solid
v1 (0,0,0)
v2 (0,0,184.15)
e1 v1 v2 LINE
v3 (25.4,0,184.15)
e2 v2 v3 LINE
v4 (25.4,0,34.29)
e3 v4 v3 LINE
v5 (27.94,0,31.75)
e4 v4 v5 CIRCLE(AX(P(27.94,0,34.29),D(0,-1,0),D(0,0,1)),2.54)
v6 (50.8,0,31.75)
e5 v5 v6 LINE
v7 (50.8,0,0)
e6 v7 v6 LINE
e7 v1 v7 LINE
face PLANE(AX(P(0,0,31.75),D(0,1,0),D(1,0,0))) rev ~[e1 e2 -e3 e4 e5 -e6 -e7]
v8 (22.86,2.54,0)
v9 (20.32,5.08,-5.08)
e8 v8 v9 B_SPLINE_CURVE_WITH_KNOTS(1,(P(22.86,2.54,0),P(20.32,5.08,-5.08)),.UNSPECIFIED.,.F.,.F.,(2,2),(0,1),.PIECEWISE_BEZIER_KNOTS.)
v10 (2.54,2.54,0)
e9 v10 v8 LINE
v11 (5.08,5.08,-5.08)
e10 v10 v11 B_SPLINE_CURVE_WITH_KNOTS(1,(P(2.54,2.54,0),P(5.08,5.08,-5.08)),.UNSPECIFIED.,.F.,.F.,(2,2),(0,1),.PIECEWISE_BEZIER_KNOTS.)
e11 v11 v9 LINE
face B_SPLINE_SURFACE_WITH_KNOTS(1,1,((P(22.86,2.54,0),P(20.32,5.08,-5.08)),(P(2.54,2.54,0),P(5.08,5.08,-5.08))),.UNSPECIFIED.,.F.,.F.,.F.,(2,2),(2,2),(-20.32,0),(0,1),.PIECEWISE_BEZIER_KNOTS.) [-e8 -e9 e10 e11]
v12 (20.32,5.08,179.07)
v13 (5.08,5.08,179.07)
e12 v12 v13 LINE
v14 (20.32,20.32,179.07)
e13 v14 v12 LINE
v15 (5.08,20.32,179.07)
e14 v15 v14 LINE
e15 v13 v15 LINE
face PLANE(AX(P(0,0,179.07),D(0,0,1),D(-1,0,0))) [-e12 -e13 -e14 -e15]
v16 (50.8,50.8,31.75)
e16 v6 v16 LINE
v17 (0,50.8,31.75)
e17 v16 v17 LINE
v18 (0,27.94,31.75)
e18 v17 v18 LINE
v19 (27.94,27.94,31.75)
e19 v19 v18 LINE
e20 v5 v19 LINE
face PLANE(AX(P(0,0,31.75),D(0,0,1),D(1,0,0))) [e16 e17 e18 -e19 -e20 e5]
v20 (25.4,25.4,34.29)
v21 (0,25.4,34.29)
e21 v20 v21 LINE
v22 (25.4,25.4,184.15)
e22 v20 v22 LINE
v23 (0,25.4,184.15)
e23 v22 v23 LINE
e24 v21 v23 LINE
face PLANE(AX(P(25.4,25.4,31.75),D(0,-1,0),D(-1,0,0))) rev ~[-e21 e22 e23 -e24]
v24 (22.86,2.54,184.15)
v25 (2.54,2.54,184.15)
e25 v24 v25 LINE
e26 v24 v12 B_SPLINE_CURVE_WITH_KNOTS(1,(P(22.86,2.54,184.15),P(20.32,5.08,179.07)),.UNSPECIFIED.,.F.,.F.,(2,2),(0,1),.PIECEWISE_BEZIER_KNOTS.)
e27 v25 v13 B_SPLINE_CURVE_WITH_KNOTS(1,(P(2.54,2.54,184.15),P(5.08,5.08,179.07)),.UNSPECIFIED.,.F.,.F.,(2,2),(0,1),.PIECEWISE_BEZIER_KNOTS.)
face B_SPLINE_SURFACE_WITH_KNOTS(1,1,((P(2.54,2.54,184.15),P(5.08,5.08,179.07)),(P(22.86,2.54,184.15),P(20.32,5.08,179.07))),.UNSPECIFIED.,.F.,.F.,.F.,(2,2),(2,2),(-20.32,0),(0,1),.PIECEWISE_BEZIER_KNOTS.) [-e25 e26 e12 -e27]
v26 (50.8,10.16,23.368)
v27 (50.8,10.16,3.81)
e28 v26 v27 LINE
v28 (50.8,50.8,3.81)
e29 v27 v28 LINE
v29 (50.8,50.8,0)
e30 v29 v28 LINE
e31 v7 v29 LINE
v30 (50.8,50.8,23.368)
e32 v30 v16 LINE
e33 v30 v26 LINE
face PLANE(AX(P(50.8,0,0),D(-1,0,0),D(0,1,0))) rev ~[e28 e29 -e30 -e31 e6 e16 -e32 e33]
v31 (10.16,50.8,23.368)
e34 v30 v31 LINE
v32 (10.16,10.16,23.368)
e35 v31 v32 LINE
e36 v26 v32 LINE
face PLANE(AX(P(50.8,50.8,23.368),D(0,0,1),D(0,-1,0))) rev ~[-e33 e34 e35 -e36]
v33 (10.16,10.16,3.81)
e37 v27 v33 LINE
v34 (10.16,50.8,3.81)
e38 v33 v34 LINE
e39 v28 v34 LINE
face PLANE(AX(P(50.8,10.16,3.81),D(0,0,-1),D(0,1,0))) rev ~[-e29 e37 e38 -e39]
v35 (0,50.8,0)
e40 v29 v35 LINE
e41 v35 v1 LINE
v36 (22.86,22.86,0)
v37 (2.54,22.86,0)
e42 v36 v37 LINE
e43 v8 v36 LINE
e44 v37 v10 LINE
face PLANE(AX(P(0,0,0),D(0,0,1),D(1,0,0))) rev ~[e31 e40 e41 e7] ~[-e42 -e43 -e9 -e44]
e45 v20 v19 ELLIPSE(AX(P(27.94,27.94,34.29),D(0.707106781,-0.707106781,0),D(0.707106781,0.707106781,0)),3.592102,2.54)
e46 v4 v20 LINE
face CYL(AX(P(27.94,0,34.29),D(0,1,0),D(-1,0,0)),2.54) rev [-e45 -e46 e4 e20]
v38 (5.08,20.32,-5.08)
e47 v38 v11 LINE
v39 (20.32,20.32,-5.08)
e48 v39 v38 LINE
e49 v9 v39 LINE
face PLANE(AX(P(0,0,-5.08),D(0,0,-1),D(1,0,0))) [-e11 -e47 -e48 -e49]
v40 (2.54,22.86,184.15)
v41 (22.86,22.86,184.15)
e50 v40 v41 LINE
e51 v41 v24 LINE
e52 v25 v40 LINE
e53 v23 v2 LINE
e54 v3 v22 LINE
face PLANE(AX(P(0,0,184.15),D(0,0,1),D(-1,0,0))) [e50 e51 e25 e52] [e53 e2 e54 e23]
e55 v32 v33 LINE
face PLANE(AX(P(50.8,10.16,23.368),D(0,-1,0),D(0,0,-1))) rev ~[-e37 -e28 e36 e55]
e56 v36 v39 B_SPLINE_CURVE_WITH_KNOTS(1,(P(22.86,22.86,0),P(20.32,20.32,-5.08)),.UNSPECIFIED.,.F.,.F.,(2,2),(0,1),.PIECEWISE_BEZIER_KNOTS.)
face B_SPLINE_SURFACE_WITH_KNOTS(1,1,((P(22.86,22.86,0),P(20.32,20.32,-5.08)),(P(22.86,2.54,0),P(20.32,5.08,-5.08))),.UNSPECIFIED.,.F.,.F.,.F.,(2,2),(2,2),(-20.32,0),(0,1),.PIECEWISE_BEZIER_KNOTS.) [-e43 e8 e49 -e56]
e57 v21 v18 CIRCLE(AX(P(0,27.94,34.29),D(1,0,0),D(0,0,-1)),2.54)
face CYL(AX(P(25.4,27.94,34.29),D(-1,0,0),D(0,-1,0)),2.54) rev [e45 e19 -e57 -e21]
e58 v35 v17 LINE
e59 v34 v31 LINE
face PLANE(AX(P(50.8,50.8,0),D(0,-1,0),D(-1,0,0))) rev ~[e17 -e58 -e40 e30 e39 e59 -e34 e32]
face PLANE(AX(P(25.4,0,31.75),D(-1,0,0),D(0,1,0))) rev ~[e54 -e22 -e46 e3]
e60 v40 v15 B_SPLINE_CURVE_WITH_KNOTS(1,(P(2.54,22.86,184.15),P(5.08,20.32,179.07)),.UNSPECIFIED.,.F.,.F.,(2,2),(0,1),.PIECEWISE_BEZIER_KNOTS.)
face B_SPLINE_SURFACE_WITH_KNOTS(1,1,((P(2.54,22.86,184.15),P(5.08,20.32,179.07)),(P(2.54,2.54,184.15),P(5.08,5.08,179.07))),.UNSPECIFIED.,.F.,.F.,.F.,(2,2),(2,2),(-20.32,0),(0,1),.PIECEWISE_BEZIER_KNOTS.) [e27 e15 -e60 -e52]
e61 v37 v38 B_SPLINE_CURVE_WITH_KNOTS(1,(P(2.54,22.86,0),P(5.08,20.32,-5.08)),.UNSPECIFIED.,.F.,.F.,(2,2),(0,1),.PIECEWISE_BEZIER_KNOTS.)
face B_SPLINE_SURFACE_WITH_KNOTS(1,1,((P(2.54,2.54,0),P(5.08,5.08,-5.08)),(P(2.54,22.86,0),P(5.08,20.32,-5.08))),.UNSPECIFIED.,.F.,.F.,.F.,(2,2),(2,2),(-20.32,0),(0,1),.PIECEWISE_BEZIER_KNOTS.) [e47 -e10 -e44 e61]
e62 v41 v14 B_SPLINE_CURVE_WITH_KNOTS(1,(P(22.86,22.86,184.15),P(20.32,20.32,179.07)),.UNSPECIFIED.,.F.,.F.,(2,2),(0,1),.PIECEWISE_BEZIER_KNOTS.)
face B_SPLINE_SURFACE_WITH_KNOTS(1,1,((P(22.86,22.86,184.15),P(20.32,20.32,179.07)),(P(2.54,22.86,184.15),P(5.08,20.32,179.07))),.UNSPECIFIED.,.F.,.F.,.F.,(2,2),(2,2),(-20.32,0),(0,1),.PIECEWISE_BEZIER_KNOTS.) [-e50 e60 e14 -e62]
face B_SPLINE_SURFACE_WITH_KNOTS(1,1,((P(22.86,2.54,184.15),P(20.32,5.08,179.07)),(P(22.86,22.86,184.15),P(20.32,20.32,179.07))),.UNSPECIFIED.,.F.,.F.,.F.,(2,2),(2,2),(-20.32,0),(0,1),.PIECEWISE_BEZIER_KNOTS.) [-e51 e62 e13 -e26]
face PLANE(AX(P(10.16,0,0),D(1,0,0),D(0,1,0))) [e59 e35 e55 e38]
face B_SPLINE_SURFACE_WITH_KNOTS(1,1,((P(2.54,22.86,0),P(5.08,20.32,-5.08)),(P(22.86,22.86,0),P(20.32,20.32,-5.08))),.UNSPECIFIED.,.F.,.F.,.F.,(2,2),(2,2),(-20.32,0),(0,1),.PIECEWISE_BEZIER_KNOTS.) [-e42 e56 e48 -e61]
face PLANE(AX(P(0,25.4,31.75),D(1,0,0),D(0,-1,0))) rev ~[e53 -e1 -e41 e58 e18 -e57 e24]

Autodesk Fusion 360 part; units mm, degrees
sketch "Sketch1" plane through (0, 0, 0) normal (0, 0, 1) x (1, 0, 0)
  line L0 (0, 0) -> (50.8, 0)
  line L1 (50.8, 0) -> (50.8, 50.8)
  line L2 (50.8, 50.8) -> (0, 50.8)
  line L3 (0, 50.8) -> (0, 0)
  dimension "d1" = 50.8
  dimension "d2" = 50.8
extrude "Extrude1" add sketch "Sketch1" along normal blind 31.75
sketch "Sketch2" plane through (50.8, 0, 0) normal (1, 0, 0) x (0, 1, 0)
  line L0 (0, 0) -> (50.8, 0)
  line L1 (50.8, 0) -> (50.8, 31.75)
  line L2 (50.8, 31.75) -> (0, 31.75)
  line L3 (0, 31.75) -> (0, 0)
  line L4 (50.8, 23.368) -> (10.16, 23.368)
  line L5 (10.16, 23.368) -> (10.16, 3.81)
  line L6 (10.16, 3.81) -> (50.8, 3.81)
  line L7 (50.8, 3.81) -> (50.8, 23.368)
  dimension "d5" = 40.64
  dimension "d6" = 19.558
  dimension "d14" = 3.81
extrude "Extrude2" cut sketch "Sketch2" against normal blind 40.64 contours L1 L4 L5 L6 L7
sketch "Sketch3" plane through (0, 0, 31.75) normal (0, 0, 1) x (-1, 0, 0)
  line L0 (0, -50.8) -> (0, 0)
  line L1 (0, 0) -> (-50.8, 0)
  line L2 (-50.8, 0) -> (-50.8, -50.8)
  line L3 (-50.8, -50.8) -> (0, -50.8)
  line L4 (0, 0) -> (-25.4, 0)
  line L5 (-25.4, 0) -> (-25.4, -25.4)
  line L6 (-25.4, -25.4) -> (0, -25.4)
  line L7 (0, -25.4) -> (0, 0)
  dimension "d10" = 25.4
  dimension "d11" = 25.4
extrude "Extrude3" add sketch "Sketch3" along normal blind 152.4 contours L0 L1 L4 L5 L6 L7
fillet "Fillet1" radius 2.54 2 edges at (25.4, 12.7, 31.75) (12.7, 25.4, 31.75)
sketch "Sketch4" plane through (0, 0, 0) normal (0, 0, -1) x (1, 0, 0)
  line L0 (0, 0) -> (0, -50.8)
  line L1 (0, -50.8) -> (50.8, -50.8)
  line L2 (50.8, -50.8) -> (50.8, 0)
  line L3 (50.8, 0) -> (0, 0)
  line L4 (2.54, -2.54) -> (22.86, -2.54)
  line L5 (22.86, -2.54) -> (22.86, -22.86)
  line L6 (22.86, -22.86) -> (2.54, -22.86)
  line L7 (2.54, -22.86) -> (2.54, -2.54)
  dimension "d17" = 2.54
  dimension "d18" = 2.54
  dimension "d19" = 20.32
  dimension "d20" = 20.32
sketch "Sketch5" plane through (0, 0, 0) normal (0, 0, -1) x (1, 0, 0)
  line L0 (5.08, -5.08) -> (20.32, -5.08)
  line L1 (20.32, -5.08) -> (20.32, -20.32)
  line L2 (20.32, -20.32) -> (5.08, -20.32)
  line L3 (5.08, -20.32) -> (5.08, -5.08)
  line L4 (2.54, -2.54) -> (22.86, -2.54)
  line L5 (2.54, -22.86) -> (2.54, -2.54)
  dimension "d21" = 2.54
  dimension "d22" = 2.54
  dimension "d23" = 15.24
  dimension "d24" = 15.24
extrude "Extrude4" add sketch "Sketch5" along normal blind 5.08
loft "Loft1" add profiles "Sketch4" section 1 contours L4 L5 L6 L7 section 2 face at (10.16, 15.24, -5.08)
sketch "Sketch6" plane through (0, 0, 184.15) normal (0, 0, 1) x (-1, 0, 0)
  line L0 (0, -25.4) -> (0, 0)
  line L1 (0, 0) -> (-25.4, 0)
  line L2 (-25.4, 0) -> (-25.4, -25.4)
  line L3 (-25.4, -25.4) -> (0, -25.4)
  line L4 (-2.54, -22.86) -> (-22.86, -22.86)
  line L5 (-22.86, -22.86) -> (-22.86, -2.54)
  line L6 (-22.86, -2.54) -> (-2.54, -2.54)
  line L7 (-2.54, -2.54) -> (-2.54, -22.86)
  line L8 (-5.08, -20.32) -> (-20.32, -20.32)
  line L9 (-20.32, -20.32) -> (-20.32, -5.08)
  line L10 (-20.32, -5.08) -> (-5.08, -5.08)
  line L11 (-5.08, -5.08) -> (-5.08, -20.32)
  dimension "d27" = 2.54
  dimension "d28" = 2.54
  dimension "d29" = 2.54
  dimension "d30" = 20.32
  dimension "d31" = 2.54
  dimension "d32" = 15.24
  dimension "d33" = 15.24
  dimension "d34" = 2.54
extrude "Extrude5" cut sketch "Sketch6" against normal blind 5.08 contours L8 L9 L10 L11
loft "Loft2" cut profiles "Sketch6" section 1 contours L4 L5 L6 L7 section 2 face at (15.24, 15.24, 179.07)
